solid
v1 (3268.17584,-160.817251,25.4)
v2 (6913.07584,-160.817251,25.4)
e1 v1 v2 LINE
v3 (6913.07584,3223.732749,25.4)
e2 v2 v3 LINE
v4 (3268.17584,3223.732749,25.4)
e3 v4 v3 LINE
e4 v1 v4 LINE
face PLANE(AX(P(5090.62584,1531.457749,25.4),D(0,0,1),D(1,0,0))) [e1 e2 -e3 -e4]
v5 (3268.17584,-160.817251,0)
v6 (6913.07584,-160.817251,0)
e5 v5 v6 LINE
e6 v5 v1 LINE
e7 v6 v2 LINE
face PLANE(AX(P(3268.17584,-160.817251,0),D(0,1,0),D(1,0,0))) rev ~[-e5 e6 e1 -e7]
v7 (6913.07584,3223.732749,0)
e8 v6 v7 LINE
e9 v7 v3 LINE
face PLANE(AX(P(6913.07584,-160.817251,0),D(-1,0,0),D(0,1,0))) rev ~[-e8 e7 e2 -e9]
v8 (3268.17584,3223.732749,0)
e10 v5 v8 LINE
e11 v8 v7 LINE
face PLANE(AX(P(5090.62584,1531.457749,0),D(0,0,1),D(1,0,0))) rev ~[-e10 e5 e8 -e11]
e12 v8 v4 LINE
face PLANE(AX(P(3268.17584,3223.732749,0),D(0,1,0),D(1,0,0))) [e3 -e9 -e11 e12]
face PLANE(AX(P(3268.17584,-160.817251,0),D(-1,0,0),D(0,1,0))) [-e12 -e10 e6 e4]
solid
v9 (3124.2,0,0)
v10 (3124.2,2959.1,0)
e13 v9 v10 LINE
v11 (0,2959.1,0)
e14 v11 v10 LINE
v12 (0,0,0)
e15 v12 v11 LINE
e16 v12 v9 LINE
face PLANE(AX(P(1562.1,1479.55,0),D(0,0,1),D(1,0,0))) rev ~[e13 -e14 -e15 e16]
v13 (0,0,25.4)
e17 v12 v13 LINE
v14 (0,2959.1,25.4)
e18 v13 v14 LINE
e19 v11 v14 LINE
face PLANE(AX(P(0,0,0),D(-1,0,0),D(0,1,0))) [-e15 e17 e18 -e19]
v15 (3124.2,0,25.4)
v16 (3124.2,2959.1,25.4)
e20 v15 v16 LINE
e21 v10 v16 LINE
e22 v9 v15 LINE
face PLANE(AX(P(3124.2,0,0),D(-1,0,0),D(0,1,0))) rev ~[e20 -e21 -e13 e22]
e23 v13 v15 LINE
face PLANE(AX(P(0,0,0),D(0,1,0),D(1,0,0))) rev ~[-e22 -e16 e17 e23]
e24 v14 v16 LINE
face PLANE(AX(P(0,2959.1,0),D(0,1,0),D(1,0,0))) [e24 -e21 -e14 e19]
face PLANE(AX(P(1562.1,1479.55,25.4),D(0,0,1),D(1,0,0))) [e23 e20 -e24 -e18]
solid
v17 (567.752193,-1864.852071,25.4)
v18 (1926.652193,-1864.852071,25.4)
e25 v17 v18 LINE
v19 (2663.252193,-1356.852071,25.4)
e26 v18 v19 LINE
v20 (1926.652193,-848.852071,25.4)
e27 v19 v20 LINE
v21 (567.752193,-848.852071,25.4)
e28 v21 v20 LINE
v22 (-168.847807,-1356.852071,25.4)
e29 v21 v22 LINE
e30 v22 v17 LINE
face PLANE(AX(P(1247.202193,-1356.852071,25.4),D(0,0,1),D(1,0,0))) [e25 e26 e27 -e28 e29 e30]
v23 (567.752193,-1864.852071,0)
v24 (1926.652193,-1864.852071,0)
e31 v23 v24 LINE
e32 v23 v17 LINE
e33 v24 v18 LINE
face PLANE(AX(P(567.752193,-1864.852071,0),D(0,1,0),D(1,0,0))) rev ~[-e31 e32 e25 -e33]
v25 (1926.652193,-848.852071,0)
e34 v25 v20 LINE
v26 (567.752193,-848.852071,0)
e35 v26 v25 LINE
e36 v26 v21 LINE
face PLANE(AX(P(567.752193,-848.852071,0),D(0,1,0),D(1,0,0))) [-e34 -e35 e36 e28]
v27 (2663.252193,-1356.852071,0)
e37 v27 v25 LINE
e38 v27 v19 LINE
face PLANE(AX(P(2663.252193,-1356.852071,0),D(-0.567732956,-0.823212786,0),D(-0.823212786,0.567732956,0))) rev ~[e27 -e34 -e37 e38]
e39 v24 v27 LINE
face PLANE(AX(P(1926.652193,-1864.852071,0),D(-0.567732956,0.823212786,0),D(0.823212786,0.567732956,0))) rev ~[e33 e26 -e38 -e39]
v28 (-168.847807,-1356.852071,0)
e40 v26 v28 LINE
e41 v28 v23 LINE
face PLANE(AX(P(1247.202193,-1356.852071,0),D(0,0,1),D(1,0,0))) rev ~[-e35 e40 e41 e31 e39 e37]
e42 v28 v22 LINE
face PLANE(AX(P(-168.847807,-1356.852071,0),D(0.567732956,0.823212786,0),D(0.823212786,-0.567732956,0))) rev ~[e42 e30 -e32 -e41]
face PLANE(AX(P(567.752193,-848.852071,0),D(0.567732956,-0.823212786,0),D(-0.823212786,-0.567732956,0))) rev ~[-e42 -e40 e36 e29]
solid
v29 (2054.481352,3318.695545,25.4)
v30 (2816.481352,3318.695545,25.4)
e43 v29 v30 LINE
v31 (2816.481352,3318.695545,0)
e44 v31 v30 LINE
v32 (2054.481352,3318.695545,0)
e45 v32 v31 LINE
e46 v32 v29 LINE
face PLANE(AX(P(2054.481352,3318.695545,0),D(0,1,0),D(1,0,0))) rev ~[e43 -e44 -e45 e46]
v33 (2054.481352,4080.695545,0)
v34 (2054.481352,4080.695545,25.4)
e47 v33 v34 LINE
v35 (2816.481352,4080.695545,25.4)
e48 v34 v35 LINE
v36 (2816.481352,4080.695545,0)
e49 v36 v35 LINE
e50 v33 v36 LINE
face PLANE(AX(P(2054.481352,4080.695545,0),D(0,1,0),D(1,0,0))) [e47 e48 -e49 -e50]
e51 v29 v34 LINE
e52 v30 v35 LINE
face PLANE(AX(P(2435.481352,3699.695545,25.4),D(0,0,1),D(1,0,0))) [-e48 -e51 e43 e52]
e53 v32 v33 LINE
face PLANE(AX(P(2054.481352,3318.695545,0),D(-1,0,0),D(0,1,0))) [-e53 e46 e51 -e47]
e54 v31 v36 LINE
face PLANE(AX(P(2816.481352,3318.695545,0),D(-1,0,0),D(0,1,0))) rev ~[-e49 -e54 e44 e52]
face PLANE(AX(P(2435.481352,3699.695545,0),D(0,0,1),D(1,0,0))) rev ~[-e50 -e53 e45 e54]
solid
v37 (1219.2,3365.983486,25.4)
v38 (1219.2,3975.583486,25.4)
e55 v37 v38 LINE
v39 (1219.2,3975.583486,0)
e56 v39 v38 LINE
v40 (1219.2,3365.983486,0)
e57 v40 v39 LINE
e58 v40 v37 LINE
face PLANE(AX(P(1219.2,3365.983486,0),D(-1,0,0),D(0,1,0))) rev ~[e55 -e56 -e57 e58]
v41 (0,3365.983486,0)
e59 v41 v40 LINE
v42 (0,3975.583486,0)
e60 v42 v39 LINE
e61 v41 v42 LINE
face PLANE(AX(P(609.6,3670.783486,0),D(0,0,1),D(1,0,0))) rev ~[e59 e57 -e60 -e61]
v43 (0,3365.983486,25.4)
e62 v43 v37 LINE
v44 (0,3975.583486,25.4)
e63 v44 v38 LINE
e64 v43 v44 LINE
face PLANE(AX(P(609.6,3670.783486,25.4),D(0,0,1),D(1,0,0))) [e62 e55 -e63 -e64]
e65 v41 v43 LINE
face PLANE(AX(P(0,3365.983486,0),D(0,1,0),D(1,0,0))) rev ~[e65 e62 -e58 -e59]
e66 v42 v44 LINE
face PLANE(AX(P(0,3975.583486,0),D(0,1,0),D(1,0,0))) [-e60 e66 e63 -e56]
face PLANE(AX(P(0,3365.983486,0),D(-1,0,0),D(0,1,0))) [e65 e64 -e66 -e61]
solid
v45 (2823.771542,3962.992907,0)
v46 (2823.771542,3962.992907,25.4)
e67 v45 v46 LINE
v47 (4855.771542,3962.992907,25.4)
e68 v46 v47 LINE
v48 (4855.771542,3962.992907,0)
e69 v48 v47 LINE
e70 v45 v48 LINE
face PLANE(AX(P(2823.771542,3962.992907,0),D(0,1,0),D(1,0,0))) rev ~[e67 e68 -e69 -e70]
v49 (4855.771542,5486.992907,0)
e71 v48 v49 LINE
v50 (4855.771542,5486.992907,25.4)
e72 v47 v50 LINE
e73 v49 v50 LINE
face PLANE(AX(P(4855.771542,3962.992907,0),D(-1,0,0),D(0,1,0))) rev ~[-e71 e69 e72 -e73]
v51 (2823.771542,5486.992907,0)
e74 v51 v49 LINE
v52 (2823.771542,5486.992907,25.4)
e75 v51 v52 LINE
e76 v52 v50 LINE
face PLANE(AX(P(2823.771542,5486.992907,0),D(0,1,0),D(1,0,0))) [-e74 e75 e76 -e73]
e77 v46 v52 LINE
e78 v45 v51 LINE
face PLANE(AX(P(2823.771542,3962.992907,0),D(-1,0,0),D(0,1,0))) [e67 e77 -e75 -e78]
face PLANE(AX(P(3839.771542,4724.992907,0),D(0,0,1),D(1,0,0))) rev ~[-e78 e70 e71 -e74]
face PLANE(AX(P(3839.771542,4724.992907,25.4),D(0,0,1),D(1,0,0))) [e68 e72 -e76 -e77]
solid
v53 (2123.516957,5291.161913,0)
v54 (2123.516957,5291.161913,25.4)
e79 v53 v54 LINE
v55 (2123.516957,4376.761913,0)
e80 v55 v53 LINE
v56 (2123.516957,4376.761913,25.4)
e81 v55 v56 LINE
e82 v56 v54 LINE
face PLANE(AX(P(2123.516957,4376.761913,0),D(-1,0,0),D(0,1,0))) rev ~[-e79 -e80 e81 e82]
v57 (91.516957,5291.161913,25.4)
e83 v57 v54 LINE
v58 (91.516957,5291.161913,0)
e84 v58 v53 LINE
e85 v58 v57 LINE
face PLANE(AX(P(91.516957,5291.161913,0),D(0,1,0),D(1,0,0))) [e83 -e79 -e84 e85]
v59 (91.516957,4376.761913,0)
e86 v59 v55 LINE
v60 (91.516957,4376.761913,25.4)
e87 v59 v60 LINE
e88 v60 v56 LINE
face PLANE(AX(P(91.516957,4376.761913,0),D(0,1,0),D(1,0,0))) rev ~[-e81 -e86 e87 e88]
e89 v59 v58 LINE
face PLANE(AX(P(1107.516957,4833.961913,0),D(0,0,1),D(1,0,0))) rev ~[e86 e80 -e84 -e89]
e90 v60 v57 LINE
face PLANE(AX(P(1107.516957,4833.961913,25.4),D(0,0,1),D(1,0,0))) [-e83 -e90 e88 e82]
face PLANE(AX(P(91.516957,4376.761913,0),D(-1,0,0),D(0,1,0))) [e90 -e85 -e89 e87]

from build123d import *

# Parameters (mm, degrees)
F0_W      = 3124.2
F0_H      = 2959.1
F1_DEPTH  = 25.4
F2_W      = 3644.9
F2_H      = 3384.55
F3_DEPTH  = 25.4
F4_W      = 1358.9
F4_H      = 1016
F5_DEPTH  = 25.4
F6_W      = 1219.2
F6_H      = 609.6
F7_DEPTH  = 25.4
F8_W      = 2032
F8_H      = 914.4
F9_DEPTH  = 25.4
F10_W     = 762
F10_H     = 762
F11_DEPTH = 25.4
F12_W     = 2032
F12_H     = 1524
F13_DEPTH = 25.4


with BuildPart() as f1:
    # F0 (on Top) → F1 (new body)
    with BuildSketch(Plane.XY):
        with Locations((1562.1, 1479.55)):
            Rectangle(F0_W, F0_H)
    extrude(amount=F1_DEPTH)


with BuildPart() as f3:
    # F2 (on Top) → F3 (new body)
    with BuildSketch(Plane.XY):
        with Locations((5090.62584, 1531.457749)):
            Rectangle(F2_W, F2_H)
    extrude(amount=F3_DEPTH)


with BuildPart() as f5:
    # F4 (on Top) → F5 (new body)
    with BuildSketch(Plane.XY):
        with Locations((1247.202193, -1356.852071)):
            Rectangle(F4_W, F4_H)
        Polygon((567.752193, -1864.852071), (567.752193, -848.852071), (-168.847807, -1356.852071), align=None)
        Polygon((2663.252193, -1356.852071), (1926.652193, -848.852071), (1926.652193, -1864.852071), align=None)
    extrude(amount=F5_DEPTH)


with BuildPart() as f7:
    # F6 (on Top) → F7 (new body)
    with BuildSketch(Plane.XY):
        with Locations((609.6, 3670.783486)):
            Rectangle(F6_W, F6_H)
    extrude(amount=F7_DEPTH)


with BuildPart() as f9:
    # F8 (on Top) → F9 (new body)
    with BuildSketch(Plane.XY):
        with Locations((1107.516957, 4833.961913)):
            Rectangle(F8_W, F8_H)
    extrude(amount=F9_DEPTH)


with BuildPart() as f11:
    # F10 (on Top) → F11 (new body)
    with BuildSketch(Plane.XY):
        with Locations((2435.481352, 3699.695545)):
            Rectangle(F10_W, F10_H)
    extrude(amount=F11_DEPTH)


with BuildPart() as f13:
    # F12 (on Top) → F13 (new body)
    with BuildSketch(Plane.XY):
        with Locations((3839.771542, 4724.992907)):
            Rectangle(F12_W, F12_H)
    extrude(amount=F13_DEPTH)


solid = Compound([f1.part, f3.part, f5.part, f7.part, f9.part, f11.part, f13.part])
